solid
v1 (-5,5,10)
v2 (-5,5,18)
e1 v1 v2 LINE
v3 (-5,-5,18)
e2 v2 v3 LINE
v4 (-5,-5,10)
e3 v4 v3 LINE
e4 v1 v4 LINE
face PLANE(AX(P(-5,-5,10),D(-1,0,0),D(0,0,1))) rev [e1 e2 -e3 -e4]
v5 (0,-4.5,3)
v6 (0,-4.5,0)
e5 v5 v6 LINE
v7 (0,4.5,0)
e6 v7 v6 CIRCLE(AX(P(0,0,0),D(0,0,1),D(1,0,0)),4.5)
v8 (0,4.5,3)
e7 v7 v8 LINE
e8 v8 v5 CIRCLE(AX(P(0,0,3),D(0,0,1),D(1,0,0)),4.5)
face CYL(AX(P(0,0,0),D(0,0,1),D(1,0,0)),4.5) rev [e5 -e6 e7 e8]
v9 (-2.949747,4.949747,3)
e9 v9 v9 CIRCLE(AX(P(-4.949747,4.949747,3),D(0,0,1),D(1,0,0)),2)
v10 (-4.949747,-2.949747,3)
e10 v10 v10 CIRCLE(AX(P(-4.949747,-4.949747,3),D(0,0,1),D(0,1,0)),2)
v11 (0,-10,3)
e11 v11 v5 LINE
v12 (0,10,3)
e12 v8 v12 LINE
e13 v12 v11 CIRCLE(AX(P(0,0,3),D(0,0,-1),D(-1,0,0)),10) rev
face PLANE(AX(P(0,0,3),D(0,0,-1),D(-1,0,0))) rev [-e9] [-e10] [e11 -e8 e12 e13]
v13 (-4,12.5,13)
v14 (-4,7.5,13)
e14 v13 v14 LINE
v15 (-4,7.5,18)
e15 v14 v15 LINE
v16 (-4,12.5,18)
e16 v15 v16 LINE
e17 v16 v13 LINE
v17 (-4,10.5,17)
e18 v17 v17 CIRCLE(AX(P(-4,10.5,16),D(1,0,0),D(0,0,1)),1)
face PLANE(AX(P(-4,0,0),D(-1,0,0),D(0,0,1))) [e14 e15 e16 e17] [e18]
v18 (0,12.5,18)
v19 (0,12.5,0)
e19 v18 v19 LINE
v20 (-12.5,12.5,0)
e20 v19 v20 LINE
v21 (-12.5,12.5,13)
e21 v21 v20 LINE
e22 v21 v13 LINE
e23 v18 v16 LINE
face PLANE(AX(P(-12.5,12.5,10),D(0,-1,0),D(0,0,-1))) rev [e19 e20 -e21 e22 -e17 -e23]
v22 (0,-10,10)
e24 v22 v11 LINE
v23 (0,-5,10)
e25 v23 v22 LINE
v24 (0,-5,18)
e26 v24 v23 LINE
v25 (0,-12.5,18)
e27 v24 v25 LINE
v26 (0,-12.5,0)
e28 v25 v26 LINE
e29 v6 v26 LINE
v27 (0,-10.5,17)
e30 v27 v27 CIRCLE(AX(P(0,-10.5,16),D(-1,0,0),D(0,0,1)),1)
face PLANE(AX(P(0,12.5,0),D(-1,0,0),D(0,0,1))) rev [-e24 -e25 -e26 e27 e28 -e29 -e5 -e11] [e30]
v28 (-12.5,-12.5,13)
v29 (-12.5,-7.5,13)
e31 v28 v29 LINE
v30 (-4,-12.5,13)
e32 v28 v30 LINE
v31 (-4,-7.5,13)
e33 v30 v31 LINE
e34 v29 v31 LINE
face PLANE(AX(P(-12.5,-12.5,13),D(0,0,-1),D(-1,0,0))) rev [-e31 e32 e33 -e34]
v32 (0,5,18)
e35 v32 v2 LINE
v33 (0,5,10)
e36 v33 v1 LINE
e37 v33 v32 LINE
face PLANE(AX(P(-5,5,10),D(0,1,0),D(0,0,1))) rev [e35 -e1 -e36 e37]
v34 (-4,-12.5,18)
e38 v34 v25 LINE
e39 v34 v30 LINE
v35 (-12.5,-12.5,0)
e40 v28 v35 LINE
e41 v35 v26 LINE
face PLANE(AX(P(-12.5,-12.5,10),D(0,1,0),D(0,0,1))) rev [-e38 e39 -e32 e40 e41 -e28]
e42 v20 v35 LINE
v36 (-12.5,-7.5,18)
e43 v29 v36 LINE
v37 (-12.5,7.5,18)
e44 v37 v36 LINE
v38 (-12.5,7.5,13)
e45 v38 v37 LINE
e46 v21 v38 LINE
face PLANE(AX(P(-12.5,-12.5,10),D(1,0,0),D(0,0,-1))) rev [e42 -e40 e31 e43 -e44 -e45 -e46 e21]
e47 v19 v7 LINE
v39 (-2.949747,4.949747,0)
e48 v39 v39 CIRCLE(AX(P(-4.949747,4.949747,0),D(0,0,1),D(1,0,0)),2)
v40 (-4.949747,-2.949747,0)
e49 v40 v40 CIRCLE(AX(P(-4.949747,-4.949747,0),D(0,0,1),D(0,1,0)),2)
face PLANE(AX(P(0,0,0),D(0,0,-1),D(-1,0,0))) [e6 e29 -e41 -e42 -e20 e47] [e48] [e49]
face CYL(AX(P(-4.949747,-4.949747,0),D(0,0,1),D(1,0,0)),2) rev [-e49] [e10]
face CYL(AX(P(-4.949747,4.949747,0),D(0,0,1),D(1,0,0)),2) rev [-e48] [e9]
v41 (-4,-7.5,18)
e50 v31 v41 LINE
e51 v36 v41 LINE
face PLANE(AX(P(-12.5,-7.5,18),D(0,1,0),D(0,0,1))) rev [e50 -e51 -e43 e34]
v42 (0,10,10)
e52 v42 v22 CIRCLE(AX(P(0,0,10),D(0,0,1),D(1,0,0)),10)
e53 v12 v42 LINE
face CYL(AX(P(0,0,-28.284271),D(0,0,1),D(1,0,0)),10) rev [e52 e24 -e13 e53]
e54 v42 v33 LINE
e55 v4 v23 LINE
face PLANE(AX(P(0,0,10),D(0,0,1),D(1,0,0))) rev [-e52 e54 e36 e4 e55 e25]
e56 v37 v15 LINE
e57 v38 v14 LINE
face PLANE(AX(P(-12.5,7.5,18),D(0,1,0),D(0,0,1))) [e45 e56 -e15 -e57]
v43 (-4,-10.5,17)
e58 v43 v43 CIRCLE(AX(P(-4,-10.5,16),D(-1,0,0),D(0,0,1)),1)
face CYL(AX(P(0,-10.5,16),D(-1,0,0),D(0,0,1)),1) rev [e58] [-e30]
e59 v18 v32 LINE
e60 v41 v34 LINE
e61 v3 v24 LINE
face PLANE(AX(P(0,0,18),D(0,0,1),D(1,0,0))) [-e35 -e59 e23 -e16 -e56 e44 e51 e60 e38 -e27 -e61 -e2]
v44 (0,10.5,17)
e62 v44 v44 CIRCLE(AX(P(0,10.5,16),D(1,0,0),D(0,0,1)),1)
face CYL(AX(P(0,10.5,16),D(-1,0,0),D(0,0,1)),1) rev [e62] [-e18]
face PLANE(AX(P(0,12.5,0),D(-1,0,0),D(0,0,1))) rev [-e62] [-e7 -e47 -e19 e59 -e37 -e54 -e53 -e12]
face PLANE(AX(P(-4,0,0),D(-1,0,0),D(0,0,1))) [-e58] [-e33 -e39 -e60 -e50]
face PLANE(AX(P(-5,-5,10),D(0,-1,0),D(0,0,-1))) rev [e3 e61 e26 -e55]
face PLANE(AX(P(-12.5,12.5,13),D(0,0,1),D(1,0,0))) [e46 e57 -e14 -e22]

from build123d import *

# Parameters (mm, degrees)
SKETCH_1_W               = 25
SKETCH_1_H               = 25
EXTRUDE_1_DEPTH          = 10
SKETCH_2_R               = 10
CUT_EXTRUDE_1_DEPTH      = 7
SKETCH_3_R               = 4.5
CUT_EXTRUDE_2_DEPTH      = 20.013153342
SKETCH_4_R               = 2
CUT_EXTRUDE_4_DEPTH      = 20.013153342
PATTERN_CIRCULAR_1_COUNT = 4
SKETCH_5_W               = 25
SKETCH_5_H               = 25
EXTRUDE_2_DEPTH          = 8
SKETCH_6_W               = 10
SKETCH_6_H               = 10
CUT_EXTRUDE_5_DEPTH      = 8
SKETCH_8_W               = 17.447834749
SKETCH_8_H               = 20.945056097
CUT_EXTRUDE_8_DEPTH      = 34.24530042
CUT_EXTRUDE_START        = -4
SKETCH_12_W              = 5
SKETCH_12_H              = 5
CUT_EXTRUDE_9_DEPTH      = 22.228951623
SKETCH_13_R              = 1
CUT_EXTRUDE_10_DEPTH     = 24.505318547


with BuildPart() as part:
    # 草图1 → 凸台-拉伸1 (new body)
    with BuildSketch(Plane.XY):
        Rectangle(SKETCH_1_W, SKETCH_1_H)
    extrude(amount=EXTRUDE_1_DEPTH)

    # 草图2 → 切除-拉伸1 (cut)
    with BuildSketch(Plane.XY.offset(10)):
        Circle(SKETCH_2_R)
    extrude(amount=-CUT_EXTRUDE_1_DEPTH, mode=Mode.SUBTRACT)

    # 草图3 → 切除-拉伸2 (cut, through all)
    with BuildSketch(Plane.XY.offset(3)):
        Circle(SKETCH_3_R)
    extrude(amount=-CUT_EXTRUDE_2_DEPTH, mode=Mode.SUBTRACT)

    # 草图4 → 切除-拉伸4 (cut, through all)
    with BuildSketch(Plane.XY.offset(3)):
        with Locations((-4.949747468, 4.949747468)):
            Circle(SKETCH_4_R)
    cut_extrude_4 = extrude(amount=-CUT_EXTRUDE_4_DEPTH, mode=Mode.SUBTRACT)

    # 阵列(圆周)1: 切除-拉伸4 ×4 about axis
    pattern_circular_1_axis = Axis((0, 0, 0), (0, 0, 1))
    for i in range(1, PATTERN_CIRCULAR_1_COUNT):
        add(cut_extrude_4.rotate(pattern_circular_1_axis, i * 360 / PATTERN_CIRCULAR_1_COUNT), mode=Mode.SUBTRACT)

    # 草图5 → 凸台-拉伸2 (add)
    with BuildSketch(Plane.XY.offset(10)):
        Rectangle(SKETCH_5_W, SKETCH_5_H)
    extrude(amount=EXTRUDE_2_DEPTH)

    # 草图6 → 切除-拉伸5 (cut)
    with BuildSketch(Plane.XY.offset(18)):
        Rectangle(SKETCH_6_W, SKETCH_6_H)
    extrude(amount=-CUT_EXTRUDE_5_DEPTH, mode=Mode.SUBTRACT)

    # 草图8 → 切除-拉伸8 (cut, through all)
    with BuildSketch(Plane.XZ.offset(12.5)):
        with Locations((8.723917375, 10.472528049)):
            Rectangle(SKETCH_8_W, SKETCH_8_H)
    extrude(amount=-CUT_EXTRUDE_8_DEPTH, mode=Mode.SUBTRACT)

    # 草图12 → 切除-拉伸9 (cut, through all)
    with BuildSketch(Plane(origin=(0, 0, 0), x_dir=(0, 0, -1), z_dir=(1, 0, 0)).offset(CUT_EXTRUDE_START)):
        with Locations((-15.5, -10)):
            Rectangle(SKETCH_12_W, SKETCH_12_H)
    cut_extrude_9 = extrude(amount=-CUT_EXTRUDE_9_DEPTH, mode=Mode.SUBTRACT)

    # 镜向1: 切除-拉伸9 across plane
    add(cut_extrude_9.mirror(Plane.ZX), mode=Mode.SUBTRACT)

    # 草图13 → 切除-拉伸10 (cut, through all)
    with BuildSketch(Plane.ZY.offset(4)):
        with Locations((16, -10.5)):
            Circle(SKETCH_13_R)
    cut_extrude_10 = extrude(amount=-CUT_EXTRUDE_10_DEPTH, mode=Mode.SUBTRACT)

    # 镜向2: 切除-拉伸10 across plane
    add(cut_extrude_10.mirror(Plane.ZX), mode=Mode.SUBTRACT)


solid = part.part
